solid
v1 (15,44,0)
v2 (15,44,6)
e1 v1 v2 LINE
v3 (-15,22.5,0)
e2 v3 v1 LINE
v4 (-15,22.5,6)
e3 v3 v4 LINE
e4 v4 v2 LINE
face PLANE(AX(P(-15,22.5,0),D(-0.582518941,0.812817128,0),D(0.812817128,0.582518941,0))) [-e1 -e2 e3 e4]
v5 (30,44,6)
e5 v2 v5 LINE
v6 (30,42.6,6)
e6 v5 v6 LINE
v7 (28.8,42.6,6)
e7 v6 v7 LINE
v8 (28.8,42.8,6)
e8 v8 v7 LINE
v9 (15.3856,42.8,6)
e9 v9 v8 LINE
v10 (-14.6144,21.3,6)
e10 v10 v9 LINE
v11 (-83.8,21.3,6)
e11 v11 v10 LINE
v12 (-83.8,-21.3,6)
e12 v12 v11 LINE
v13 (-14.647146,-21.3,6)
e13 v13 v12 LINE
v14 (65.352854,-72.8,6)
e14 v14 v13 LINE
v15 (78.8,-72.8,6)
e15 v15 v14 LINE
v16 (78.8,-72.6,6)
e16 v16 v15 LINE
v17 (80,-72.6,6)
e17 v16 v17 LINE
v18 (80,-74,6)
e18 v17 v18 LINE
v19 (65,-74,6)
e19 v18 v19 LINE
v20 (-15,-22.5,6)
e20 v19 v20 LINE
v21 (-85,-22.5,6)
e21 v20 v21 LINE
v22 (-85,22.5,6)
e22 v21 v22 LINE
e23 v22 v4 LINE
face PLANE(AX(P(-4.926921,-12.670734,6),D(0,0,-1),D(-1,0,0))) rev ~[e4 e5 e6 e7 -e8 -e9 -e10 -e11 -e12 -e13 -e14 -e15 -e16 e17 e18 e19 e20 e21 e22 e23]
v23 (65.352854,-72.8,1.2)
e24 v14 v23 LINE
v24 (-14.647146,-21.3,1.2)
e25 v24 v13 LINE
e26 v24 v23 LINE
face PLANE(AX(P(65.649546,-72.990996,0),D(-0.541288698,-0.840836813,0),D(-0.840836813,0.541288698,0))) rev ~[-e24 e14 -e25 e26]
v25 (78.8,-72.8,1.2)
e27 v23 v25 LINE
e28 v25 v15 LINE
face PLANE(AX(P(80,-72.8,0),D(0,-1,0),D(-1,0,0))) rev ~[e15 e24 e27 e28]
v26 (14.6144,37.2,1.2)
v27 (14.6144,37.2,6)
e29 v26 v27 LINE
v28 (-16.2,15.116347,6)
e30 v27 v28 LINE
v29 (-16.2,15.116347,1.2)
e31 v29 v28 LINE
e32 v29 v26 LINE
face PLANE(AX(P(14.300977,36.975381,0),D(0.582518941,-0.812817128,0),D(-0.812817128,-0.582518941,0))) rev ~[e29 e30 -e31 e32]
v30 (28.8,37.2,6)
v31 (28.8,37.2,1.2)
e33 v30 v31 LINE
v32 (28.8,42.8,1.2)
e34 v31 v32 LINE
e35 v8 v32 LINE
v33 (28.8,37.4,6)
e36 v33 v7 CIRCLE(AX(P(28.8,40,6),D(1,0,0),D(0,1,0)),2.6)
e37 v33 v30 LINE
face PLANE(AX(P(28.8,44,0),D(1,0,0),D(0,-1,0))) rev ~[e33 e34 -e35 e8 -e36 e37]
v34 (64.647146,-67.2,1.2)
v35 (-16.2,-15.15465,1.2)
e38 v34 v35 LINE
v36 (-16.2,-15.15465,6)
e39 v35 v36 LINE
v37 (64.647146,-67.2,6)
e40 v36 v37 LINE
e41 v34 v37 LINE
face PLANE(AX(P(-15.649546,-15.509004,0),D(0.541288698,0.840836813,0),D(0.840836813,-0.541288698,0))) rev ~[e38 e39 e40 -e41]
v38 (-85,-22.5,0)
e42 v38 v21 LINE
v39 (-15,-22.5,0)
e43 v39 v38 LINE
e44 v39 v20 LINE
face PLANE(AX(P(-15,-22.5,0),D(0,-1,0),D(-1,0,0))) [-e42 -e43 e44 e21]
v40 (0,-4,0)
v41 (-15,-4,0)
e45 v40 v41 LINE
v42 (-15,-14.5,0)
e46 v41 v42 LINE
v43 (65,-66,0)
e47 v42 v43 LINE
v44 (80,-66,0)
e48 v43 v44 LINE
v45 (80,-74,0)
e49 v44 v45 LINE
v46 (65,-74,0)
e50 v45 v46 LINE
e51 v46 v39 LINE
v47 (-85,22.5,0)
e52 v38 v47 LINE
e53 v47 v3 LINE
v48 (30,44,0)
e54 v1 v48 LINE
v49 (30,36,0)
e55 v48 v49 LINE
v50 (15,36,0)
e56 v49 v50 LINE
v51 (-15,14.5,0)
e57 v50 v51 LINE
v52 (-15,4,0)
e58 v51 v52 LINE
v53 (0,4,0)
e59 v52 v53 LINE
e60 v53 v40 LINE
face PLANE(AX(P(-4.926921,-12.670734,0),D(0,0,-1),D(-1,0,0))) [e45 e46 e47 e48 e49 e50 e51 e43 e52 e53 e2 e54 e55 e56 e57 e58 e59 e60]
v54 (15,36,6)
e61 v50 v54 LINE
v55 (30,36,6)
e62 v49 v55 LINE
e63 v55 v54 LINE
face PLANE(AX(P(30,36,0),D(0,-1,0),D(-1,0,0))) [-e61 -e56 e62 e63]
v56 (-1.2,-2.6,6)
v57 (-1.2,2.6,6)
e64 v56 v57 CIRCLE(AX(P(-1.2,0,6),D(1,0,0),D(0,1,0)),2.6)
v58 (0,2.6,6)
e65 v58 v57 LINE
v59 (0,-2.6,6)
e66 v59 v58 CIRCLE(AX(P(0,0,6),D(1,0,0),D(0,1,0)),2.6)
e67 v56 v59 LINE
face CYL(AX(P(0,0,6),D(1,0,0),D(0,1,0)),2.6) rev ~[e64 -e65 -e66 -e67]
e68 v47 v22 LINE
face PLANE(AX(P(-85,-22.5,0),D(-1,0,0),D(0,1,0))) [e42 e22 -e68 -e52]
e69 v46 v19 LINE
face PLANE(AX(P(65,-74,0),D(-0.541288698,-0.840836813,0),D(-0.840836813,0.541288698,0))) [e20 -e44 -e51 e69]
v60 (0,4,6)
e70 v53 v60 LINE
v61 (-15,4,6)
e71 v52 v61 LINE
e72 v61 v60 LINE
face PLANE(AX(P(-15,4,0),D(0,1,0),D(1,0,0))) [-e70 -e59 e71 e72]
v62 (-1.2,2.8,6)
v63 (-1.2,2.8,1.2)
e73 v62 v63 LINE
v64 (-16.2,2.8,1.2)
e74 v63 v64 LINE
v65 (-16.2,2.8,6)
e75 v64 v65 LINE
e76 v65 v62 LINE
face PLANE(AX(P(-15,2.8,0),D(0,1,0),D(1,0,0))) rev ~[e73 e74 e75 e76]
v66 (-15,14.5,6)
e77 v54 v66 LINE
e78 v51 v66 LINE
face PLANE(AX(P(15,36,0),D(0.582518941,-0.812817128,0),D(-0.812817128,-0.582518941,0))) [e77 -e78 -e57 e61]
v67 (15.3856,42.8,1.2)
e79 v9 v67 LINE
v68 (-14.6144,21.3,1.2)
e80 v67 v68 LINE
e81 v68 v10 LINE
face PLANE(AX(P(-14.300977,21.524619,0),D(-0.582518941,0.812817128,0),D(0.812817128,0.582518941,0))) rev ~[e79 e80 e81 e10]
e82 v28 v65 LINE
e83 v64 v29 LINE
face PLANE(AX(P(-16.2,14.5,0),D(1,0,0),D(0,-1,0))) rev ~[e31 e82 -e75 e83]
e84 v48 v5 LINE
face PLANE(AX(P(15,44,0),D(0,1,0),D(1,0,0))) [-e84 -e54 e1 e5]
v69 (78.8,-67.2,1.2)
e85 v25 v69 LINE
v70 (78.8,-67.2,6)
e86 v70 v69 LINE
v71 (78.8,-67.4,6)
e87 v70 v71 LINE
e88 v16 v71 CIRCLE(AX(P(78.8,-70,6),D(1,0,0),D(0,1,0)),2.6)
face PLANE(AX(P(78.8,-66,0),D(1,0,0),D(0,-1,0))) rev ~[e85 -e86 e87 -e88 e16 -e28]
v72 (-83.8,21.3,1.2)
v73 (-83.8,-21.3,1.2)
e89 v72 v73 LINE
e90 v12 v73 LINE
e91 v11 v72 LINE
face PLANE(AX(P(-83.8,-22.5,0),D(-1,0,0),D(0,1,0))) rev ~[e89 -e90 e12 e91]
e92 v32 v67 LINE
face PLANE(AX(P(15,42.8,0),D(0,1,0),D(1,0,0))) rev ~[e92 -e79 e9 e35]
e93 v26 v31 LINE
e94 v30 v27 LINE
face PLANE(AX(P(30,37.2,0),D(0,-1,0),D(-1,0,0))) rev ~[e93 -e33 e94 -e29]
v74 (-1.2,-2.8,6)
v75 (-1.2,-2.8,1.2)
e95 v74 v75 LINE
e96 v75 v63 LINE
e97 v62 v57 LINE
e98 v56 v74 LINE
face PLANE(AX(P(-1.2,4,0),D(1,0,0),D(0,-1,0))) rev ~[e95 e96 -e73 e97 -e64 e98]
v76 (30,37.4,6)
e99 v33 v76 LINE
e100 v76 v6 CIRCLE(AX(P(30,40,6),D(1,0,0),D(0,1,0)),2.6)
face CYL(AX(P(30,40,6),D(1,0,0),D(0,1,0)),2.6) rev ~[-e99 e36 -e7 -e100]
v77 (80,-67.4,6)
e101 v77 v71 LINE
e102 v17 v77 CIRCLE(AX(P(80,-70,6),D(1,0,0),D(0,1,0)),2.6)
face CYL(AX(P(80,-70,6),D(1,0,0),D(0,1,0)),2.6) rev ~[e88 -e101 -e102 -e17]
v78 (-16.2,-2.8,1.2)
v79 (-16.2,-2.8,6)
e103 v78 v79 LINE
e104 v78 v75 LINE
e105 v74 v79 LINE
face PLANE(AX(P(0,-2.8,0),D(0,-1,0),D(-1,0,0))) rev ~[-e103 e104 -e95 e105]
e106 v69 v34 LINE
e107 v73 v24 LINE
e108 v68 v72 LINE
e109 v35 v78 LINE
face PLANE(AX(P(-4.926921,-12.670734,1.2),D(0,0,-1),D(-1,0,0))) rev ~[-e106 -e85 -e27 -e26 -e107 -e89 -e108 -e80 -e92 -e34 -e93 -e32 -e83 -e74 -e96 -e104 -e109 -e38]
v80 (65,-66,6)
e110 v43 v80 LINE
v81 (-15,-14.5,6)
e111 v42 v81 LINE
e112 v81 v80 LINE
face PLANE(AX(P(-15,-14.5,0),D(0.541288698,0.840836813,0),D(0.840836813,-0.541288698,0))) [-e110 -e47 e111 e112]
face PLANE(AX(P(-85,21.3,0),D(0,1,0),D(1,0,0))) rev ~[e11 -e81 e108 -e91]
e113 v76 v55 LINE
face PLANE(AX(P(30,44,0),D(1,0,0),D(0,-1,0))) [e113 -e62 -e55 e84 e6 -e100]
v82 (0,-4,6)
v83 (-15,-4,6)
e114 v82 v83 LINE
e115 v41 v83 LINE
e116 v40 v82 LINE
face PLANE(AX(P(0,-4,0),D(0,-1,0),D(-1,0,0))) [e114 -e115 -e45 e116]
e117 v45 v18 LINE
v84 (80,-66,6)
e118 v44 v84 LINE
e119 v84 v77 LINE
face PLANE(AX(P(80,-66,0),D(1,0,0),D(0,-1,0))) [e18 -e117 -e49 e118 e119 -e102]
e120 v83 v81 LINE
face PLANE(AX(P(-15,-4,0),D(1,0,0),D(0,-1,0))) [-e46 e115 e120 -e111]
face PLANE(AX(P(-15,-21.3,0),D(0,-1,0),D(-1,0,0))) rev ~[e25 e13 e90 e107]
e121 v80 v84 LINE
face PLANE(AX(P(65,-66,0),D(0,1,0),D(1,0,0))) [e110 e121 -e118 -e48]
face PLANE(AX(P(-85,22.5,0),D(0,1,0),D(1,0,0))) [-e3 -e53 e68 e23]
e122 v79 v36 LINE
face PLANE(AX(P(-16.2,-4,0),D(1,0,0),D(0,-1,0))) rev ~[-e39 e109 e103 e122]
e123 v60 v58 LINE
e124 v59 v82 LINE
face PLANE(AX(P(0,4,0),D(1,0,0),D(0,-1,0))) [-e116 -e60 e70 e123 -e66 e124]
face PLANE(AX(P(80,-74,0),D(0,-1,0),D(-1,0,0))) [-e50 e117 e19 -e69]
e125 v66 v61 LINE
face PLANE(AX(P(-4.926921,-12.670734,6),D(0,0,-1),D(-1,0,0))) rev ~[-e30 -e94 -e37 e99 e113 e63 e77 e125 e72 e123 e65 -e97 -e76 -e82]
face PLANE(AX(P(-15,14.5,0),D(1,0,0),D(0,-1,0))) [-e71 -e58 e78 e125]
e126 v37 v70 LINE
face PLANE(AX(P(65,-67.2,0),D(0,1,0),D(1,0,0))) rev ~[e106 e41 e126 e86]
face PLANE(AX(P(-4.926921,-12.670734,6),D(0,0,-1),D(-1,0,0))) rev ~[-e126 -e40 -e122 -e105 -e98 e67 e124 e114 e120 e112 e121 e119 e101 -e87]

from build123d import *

# Parameters (mm, degrees)
PAD_DEPTH       = 6
THICKNESS_T     = -1.2
SKETCH001_R     = 2.6
POCKET_DEPTH    = 1.2
SKETCH002_R     = 2.6
POCKET001_DEPTH = 1.2
SKETCH003_R     = 2.6
POCKET002_DEPTH = 1.2


with BuildPart() as part:
    # Sketch → Pad (new body)
    with BuildSketch(Plane.XY):
        Polygon((80, -74), (65, -74), (-15, -22.5), (-85, -22.5), (-85, 22.5), (-15, 22.5), (15, 44), (30, 44), (30, 36), (15, 36), (-15, 14.5), (-15, 4), (0, 4), (0, -4), (-15, -4), (-15, -14.5), (65, -66), (80, -66), align=None)
    extrude(amount=PAD_DEPTH)

    # Thickness
    thickness_openings = [part.faces().sort_by_distance(p)[0] for p in [
        (-29.840547, -5.671982, 6),
    ]]
    offset(amount=THICKNESS_T, openings=thickness_openings, kind=Kind.INTERSECTION)

    # Sketch001 (on Face13 of Thickness) → Pocket (cut)
    with BuildSketch(Plane.YZ):
        with Locations((0, 6)):
            Circle(SKETCH001_R)
    extrude(amount=-POCKET_DEPTH, mode=Mode.SUBTRACT)

    # Sketch002 (on Face12 of Pocket) → Pocket001 (cut)
    with BuildSketch(Plane.YZ.offset(30)):
        with Locations((40, 6)):
            Circle(SKETCH002_R)
    extrude(amount=-POCKET001_DEPTH, mode=Mode.SUBTRACT)

    # Sketch003 (on Face2 of Pocket001) → Pocket002 (cut)
    with BuildSketch(Plane.YZ.offset(80)):
        with Locations((-70, 6)):
            Circle(SKETCH003_R)
    extrude(amount=-POCKET002_DEPTH, mode=Mode.SUBTRACT)


solid = part.part
